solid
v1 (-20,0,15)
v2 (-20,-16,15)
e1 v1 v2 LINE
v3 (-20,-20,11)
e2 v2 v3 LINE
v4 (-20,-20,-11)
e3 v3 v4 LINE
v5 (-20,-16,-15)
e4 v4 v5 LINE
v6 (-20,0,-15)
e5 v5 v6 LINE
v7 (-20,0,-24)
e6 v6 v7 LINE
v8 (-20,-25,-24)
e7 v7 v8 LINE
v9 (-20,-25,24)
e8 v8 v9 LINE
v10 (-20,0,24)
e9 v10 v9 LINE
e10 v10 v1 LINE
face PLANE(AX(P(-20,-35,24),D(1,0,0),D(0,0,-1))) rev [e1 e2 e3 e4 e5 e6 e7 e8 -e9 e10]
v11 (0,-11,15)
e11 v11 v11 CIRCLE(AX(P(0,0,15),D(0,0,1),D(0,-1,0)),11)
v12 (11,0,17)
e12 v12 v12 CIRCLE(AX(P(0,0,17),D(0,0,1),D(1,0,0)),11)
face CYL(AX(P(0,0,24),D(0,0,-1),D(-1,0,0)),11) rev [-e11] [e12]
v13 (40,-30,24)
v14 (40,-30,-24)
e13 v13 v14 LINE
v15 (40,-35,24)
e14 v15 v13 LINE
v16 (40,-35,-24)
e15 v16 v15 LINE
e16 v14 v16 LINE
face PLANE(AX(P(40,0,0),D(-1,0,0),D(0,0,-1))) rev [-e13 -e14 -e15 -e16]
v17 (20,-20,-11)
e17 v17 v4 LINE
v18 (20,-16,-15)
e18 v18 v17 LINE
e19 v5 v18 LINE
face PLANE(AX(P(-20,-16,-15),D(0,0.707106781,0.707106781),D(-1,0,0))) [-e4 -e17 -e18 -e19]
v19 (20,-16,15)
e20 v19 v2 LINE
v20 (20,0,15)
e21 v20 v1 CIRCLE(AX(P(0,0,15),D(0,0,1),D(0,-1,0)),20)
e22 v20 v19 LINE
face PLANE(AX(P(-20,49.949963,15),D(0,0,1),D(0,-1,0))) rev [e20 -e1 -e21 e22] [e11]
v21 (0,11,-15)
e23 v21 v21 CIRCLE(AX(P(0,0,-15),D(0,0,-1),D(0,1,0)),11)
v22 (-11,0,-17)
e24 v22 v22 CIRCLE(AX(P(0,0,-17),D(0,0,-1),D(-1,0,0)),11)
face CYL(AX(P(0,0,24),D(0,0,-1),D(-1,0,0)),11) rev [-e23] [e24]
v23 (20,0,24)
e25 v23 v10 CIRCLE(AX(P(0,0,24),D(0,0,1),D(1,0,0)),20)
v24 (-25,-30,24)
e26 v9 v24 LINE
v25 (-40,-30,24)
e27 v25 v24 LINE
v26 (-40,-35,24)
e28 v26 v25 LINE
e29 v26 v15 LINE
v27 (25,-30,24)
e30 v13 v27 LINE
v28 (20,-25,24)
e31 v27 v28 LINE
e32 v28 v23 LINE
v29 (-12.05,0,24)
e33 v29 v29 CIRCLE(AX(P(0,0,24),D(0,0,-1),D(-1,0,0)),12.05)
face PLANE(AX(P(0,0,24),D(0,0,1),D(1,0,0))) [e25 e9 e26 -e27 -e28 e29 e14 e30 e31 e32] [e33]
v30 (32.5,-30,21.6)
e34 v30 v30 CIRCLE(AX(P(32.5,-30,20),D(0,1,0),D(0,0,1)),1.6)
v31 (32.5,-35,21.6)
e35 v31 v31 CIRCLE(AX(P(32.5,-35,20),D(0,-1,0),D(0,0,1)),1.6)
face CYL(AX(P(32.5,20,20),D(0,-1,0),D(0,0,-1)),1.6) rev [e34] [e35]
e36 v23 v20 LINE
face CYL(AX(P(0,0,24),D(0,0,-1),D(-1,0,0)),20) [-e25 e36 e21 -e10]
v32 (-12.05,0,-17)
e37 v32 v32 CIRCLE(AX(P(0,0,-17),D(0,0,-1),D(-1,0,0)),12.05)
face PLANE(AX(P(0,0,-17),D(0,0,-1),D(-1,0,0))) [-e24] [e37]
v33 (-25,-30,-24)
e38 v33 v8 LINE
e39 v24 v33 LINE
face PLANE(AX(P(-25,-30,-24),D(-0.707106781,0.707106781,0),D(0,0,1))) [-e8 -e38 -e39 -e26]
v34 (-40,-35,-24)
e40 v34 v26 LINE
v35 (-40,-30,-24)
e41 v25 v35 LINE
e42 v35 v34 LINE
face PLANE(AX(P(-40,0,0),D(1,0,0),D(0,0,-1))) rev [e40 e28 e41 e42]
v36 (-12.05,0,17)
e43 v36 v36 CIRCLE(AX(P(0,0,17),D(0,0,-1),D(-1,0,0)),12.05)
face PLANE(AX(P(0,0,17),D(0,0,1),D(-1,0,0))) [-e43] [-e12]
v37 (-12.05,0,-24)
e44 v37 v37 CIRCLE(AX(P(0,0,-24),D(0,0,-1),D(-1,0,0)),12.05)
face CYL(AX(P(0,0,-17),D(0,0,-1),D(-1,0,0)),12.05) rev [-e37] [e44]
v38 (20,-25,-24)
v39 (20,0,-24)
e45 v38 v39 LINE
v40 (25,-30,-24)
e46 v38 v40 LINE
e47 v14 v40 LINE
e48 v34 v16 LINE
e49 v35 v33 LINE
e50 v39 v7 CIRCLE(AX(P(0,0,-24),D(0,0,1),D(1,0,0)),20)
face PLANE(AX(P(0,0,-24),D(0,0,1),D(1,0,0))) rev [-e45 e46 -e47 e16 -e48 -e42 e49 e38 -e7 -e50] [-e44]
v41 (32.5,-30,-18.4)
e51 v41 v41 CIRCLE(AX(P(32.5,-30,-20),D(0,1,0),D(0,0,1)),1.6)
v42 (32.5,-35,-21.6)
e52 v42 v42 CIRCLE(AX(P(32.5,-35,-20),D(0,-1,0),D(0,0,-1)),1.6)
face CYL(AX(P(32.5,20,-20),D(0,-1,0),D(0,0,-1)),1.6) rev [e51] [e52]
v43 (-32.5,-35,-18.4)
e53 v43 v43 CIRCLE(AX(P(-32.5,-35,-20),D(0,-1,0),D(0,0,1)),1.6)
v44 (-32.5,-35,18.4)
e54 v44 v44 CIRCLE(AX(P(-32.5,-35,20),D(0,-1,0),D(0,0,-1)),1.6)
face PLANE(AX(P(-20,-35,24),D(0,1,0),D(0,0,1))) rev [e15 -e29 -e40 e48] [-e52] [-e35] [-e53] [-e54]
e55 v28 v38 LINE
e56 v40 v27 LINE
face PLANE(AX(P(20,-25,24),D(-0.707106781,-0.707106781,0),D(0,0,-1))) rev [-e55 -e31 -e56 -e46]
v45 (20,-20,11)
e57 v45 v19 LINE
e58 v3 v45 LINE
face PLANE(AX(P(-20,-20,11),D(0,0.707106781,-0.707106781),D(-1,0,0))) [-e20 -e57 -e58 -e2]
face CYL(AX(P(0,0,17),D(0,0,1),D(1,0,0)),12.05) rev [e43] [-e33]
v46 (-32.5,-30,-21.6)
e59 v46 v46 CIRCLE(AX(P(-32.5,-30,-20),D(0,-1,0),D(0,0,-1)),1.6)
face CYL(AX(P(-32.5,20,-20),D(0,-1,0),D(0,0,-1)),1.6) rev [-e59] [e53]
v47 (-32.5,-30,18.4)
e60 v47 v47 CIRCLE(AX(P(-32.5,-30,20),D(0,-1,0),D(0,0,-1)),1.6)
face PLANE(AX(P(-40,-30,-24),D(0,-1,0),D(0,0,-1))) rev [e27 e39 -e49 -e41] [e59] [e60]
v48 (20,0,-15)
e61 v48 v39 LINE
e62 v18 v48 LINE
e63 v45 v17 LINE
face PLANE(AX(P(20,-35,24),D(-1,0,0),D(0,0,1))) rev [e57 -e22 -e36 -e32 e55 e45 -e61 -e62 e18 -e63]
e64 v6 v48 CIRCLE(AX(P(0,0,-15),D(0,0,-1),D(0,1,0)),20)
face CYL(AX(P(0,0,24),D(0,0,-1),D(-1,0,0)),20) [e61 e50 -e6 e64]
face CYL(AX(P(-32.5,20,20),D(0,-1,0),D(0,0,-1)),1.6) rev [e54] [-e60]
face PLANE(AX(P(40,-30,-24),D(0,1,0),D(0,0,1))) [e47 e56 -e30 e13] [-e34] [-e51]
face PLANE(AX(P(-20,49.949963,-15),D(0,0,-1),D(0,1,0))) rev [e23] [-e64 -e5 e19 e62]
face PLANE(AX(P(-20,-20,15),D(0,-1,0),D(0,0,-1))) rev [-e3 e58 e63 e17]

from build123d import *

# Parameters (mm, degrees)
SKETCH_1_R               = 11
EXTRUDE_1_DEPTH          = 24
CUT_EXTRUDE_1_DEPTH      = 47.914816423
CUT_EXTRUDE_1_DEPTH_BACK = 47.914816423
SKETCH_2_W               = 30
SKETCH_2_H               = 69.949963181
SKETCH_4_R               = 12.05
CUT_EXTRUDE_3_DEPTH      = 7
CHAMFER_2_SIZE           = 4
SKETCH_5_W               = 48
SKETCH_5_H               = 5
EXTRUDE_2_DEPTH          = 20
CHAMFER_3_SIZE           = 5
SKETCH_6_R               = 1.6
CUT_EXTRUDE_4_DEPTH      = 73.117958928


with BuildPart() as part:
    # 草图1 → 凸台-拉伸1 (new, symmetric)
    with BuildSketch(Plane.XY):
        with BuildLine():
            Line((-20, -35), (-20, 0))
            ThreePointArc((-20, 0), (0, 20), (20, 0))
            Line((20, 0), (20, -35))
            Line((20, -35), (-20, -35))
        make_face()
        Circle(SKETCH_1_R, mode=Mode.SUBTRACT)
    extrude(amount=EXTRUDE_1_DEPTH, both=True)

    # 草图2 → 切除-拉伸1 (cut, two sides: drawn at the far end of the back side and taken through both)
    with BuildSketch(Plane(origin=(0, 0, 0), x_dir=(0, 0, -1), z_dir=(1, 0, 0)).offset(-CUT_EXTRUDE_1_DEPTH_BACK)):
        with Locations((0, 14.974981591)):
            Rectangle(SKETCH_2_W, SKETCH_2_H)
    extrude(amount=CUT_EXTRUDE_1_DEPTH + CUT_EXTRUDE_1_DEPTH_BACK, mode=Mode.SUBTRACT)

    # 草图4 → 切除-拉伸3 (cut)
    with BuildSketch(Plane(origin=(0, 0, -24), x_dir=(-1, 0, 0), z_dir=(0, 0, -1))):
        Circle(SKETCH_4_R)
    cut_extrude_3 = extrude(amount=-CUT_EXTRUDE_3_DEPTH, mode=Mode.SUBTRACT)

    # 倒角2
    chamfer_2_edges = [part.edges().sort_by_distance(p)[0] for p in [
        (0, -20, 15),
        (0, -20, -15),
    ]]
    chamfer(chamfer_2_edges, length=CHAMFER_2_SIZE)

    # 镜向1: 切除-拉伸3 across plane
    add(cut_extrude_3.mirror(Plane.XY), mode=Mode.SUBTRACT)

    # 草图5 → 凸台-拉伸2 (add)
    with BuildSketch(Plane.ZY.offset(20)):
        with Locations((0, -32.5)):
            Rectangle(SKETCH_5_W, SKETCH_5_H)
    extrude_2 = extrude(amount=EXTRUDE_2_DEPTH)

    # 镜向2: 凸台-拉伸2 across plane
    add(extrude_2.mirror(Plane.ZY))

    # 倒角3
    chamfer_3_edges = [part.edges().sort_by_distance(p)[0] for p in [
        (-20, -30, 0),
        (20, -30, 0),
    ]]
    chamfer(chamfer_3_edges, length=CHAMFER_3_SIZE)

    # 草图6 → 切除-拉伸4 (cut, through all)
    with BuildSketch(Plane.XZ.offset(35)):
        with Locations(Location((32.5, -20, 0), (0, 0, 270))):
            Circle(SKETCH_6_R)
        with Locations(Location((-32.5, -20, 0), (0, 0, 270))):
            Circle(SKETCH_6_R)
        with Locations(Location((-32.5, 20, 0), (0, 0, 270))):
            Circle(SKETCH_6_R)
        with Locations(Location((32.5, 20, 0), (0, 0, 90))):
            Circle(SKETCH_6_R)
    extrude(amount=-CUT_EXTRUDE_4_DEPTH, mode=Mode.SUBTRACT)


solid = part.part
